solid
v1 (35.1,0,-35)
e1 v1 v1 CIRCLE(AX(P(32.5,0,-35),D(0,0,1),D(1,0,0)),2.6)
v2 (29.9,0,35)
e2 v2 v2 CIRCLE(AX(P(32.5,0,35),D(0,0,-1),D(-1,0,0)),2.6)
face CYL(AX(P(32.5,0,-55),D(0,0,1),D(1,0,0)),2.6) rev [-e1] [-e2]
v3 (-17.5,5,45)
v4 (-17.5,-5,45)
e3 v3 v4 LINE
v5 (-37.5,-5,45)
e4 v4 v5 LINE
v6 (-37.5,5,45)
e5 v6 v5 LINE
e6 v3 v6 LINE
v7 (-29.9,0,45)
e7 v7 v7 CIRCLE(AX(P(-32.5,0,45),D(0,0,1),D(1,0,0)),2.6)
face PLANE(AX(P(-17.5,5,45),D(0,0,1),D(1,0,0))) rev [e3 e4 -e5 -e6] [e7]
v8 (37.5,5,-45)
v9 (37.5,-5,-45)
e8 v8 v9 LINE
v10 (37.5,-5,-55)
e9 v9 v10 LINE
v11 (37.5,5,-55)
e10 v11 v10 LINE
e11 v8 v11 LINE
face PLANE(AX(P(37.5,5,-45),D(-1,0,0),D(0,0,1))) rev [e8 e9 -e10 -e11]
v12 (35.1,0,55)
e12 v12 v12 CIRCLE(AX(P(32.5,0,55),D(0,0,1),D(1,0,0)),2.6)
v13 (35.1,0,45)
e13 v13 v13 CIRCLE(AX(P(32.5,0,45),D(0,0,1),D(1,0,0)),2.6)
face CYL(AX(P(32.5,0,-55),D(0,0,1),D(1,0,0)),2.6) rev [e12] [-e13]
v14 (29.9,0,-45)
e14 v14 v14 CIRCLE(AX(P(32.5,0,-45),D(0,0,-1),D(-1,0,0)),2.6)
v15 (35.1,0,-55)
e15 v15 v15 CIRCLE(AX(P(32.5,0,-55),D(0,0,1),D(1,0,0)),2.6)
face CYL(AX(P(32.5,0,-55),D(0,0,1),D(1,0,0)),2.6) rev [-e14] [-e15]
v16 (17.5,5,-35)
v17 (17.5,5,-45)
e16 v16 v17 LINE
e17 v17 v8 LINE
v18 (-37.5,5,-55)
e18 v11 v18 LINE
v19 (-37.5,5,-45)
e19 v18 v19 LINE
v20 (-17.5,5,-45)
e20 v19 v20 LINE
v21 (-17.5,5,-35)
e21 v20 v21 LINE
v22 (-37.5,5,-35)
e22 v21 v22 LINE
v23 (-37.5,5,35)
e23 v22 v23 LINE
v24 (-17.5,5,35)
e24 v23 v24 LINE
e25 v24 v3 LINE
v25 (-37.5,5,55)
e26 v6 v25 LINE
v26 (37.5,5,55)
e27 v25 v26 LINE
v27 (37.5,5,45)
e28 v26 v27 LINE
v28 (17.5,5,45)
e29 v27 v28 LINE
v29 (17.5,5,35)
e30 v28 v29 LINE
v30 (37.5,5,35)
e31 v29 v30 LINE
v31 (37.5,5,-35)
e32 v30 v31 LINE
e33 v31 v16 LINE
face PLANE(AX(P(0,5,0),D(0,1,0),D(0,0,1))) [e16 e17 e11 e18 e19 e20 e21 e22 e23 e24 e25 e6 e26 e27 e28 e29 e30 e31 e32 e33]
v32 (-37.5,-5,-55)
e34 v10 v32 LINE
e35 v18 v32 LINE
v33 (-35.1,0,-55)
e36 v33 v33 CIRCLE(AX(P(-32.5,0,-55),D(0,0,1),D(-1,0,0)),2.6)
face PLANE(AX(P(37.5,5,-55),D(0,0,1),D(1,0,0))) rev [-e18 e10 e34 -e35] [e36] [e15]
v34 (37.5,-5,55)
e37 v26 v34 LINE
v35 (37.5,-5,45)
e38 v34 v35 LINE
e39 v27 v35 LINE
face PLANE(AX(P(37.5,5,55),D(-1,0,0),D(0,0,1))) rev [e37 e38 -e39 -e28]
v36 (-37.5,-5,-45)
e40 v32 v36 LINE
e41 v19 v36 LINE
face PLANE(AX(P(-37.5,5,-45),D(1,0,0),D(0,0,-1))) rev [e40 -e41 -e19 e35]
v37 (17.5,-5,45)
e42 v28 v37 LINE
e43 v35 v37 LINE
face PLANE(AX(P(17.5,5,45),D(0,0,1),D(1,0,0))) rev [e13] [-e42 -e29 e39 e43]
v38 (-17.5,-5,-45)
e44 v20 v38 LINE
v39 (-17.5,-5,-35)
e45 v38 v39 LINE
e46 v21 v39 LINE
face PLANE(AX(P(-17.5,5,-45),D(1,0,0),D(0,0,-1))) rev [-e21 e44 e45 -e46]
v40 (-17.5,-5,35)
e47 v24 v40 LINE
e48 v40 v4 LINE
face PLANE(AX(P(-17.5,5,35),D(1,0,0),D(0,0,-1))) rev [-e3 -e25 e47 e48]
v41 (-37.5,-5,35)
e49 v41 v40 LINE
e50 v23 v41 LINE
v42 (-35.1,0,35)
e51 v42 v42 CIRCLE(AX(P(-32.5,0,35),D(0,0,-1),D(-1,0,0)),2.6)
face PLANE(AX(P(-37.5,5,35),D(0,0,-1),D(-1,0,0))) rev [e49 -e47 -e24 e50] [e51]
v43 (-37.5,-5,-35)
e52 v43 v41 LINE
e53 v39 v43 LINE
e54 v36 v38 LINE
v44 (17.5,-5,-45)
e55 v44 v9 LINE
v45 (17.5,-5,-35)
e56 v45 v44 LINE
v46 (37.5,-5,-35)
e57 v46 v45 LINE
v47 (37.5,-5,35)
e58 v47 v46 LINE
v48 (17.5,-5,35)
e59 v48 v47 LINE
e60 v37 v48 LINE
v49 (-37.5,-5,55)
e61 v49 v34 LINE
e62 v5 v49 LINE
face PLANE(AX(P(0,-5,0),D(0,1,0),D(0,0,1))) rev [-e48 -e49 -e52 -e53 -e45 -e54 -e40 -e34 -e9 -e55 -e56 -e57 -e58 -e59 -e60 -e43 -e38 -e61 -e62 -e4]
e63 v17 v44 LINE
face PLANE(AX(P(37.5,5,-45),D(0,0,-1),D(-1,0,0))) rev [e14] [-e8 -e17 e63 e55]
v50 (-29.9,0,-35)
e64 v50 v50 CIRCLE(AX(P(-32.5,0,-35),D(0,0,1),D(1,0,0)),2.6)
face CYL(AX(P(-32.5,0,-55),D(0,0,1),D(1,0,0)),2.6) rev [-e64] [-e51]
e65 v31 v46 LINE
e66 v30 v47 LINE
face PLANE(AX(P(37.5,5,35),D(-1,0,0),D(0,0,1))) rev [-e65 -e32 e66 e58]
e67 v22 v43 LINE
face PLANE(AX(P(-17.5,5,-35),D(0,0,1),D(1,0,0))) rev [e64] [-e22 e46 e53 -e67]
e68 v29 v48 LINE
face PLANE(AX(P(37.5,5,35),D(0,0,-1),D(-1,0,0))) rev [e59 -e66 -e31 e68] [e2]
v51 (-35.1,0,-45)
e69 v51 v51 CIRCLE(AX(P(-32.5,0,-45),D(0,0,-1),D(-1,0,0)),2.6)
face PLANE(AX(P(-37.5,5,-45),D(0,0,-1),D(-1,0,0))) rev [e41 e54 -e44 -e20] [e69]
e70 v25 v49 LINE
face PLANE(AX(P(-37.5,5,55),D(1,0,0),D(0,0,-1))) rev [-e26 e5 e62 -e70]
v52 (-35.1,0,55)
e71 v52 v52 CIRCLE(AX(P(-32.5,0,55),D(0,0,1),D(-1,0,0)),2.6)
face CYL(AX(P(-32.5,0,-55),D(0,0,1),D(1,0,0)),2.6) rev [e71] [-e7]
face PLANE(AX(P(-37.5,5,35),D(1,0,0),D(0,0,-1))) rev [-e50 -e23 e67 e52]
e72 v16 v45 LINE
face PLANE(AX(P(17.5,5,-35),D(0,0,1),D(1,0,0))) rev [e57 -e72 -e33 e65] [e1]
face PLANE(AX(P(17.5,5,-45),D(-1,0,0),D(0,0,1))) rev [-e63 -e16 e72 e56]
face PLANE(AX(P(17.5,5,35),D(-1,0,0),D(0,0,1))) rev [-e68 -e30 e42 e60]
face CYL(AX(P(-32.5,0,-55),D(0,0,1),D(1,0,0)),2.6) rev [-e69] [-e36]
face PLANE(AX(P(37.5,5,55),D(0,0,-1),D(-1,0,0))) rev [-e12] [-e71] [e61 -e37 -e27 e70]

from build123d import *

# Parameters (mm, degrees)
SALIENTE_EXTRUIR1_DEPTH    = 5
CORTAR_EXTRUIR1_DEPTH      = 67.755149614
CORTAR_EXTRUIR1_DEPTH_BACK = 67.755149614
CROQUIS2_R                 = 2.6


with BuildPart() as part:
    # Croquis1 → Saliente-Extruir1 (new, symmetric)
    with BuildSketch(Plane(origin=(0, 0, 0), x_dir=(1, 0, 0), z_dir=(0, 1, 0))):
        Polygon((37.5, 45), (17.5, 45), (17.5, 35), (37.5, 35), (37.5, -35), (17.5, -35), (17.5, -45), (37.5, -45), (37.5, -55), (-37.5, -55), (-37.5, -45), (-17.5, -45), (-17.5, -35), (-37.5, -35), (-37.5, 35), (-17.5, 35), (-17.5, 45), (-37.5, 45), (-37.5, 55), (37.5, 55), align=None)
    extrude(amount=SALIENTE_EXTRUIR1_DEPTH, both=True)

    # Croquis2 → Cortar-Extruir1 (cut, two sides: drawn at the far end of the back side and taken through both)
    with BuildSketch(Plane.XY.offset(-CORTAR_EXTRUIR1_DEPTH_BACK)):
        with Locations((32.5, 0)):
            Circle(CROQUIS2_R)
        with Locations(Location((-32.5, 0, 0), (0, 0, 180))):
            Circle(CROQUIS2_R)
    extrude(amount=CORTAR_EXTRUIR1_DEPTH + CORTAR_EXTRUIR1_DEPTH_BACK, mode=Mode.SUBTRACT)


solid = part.part
